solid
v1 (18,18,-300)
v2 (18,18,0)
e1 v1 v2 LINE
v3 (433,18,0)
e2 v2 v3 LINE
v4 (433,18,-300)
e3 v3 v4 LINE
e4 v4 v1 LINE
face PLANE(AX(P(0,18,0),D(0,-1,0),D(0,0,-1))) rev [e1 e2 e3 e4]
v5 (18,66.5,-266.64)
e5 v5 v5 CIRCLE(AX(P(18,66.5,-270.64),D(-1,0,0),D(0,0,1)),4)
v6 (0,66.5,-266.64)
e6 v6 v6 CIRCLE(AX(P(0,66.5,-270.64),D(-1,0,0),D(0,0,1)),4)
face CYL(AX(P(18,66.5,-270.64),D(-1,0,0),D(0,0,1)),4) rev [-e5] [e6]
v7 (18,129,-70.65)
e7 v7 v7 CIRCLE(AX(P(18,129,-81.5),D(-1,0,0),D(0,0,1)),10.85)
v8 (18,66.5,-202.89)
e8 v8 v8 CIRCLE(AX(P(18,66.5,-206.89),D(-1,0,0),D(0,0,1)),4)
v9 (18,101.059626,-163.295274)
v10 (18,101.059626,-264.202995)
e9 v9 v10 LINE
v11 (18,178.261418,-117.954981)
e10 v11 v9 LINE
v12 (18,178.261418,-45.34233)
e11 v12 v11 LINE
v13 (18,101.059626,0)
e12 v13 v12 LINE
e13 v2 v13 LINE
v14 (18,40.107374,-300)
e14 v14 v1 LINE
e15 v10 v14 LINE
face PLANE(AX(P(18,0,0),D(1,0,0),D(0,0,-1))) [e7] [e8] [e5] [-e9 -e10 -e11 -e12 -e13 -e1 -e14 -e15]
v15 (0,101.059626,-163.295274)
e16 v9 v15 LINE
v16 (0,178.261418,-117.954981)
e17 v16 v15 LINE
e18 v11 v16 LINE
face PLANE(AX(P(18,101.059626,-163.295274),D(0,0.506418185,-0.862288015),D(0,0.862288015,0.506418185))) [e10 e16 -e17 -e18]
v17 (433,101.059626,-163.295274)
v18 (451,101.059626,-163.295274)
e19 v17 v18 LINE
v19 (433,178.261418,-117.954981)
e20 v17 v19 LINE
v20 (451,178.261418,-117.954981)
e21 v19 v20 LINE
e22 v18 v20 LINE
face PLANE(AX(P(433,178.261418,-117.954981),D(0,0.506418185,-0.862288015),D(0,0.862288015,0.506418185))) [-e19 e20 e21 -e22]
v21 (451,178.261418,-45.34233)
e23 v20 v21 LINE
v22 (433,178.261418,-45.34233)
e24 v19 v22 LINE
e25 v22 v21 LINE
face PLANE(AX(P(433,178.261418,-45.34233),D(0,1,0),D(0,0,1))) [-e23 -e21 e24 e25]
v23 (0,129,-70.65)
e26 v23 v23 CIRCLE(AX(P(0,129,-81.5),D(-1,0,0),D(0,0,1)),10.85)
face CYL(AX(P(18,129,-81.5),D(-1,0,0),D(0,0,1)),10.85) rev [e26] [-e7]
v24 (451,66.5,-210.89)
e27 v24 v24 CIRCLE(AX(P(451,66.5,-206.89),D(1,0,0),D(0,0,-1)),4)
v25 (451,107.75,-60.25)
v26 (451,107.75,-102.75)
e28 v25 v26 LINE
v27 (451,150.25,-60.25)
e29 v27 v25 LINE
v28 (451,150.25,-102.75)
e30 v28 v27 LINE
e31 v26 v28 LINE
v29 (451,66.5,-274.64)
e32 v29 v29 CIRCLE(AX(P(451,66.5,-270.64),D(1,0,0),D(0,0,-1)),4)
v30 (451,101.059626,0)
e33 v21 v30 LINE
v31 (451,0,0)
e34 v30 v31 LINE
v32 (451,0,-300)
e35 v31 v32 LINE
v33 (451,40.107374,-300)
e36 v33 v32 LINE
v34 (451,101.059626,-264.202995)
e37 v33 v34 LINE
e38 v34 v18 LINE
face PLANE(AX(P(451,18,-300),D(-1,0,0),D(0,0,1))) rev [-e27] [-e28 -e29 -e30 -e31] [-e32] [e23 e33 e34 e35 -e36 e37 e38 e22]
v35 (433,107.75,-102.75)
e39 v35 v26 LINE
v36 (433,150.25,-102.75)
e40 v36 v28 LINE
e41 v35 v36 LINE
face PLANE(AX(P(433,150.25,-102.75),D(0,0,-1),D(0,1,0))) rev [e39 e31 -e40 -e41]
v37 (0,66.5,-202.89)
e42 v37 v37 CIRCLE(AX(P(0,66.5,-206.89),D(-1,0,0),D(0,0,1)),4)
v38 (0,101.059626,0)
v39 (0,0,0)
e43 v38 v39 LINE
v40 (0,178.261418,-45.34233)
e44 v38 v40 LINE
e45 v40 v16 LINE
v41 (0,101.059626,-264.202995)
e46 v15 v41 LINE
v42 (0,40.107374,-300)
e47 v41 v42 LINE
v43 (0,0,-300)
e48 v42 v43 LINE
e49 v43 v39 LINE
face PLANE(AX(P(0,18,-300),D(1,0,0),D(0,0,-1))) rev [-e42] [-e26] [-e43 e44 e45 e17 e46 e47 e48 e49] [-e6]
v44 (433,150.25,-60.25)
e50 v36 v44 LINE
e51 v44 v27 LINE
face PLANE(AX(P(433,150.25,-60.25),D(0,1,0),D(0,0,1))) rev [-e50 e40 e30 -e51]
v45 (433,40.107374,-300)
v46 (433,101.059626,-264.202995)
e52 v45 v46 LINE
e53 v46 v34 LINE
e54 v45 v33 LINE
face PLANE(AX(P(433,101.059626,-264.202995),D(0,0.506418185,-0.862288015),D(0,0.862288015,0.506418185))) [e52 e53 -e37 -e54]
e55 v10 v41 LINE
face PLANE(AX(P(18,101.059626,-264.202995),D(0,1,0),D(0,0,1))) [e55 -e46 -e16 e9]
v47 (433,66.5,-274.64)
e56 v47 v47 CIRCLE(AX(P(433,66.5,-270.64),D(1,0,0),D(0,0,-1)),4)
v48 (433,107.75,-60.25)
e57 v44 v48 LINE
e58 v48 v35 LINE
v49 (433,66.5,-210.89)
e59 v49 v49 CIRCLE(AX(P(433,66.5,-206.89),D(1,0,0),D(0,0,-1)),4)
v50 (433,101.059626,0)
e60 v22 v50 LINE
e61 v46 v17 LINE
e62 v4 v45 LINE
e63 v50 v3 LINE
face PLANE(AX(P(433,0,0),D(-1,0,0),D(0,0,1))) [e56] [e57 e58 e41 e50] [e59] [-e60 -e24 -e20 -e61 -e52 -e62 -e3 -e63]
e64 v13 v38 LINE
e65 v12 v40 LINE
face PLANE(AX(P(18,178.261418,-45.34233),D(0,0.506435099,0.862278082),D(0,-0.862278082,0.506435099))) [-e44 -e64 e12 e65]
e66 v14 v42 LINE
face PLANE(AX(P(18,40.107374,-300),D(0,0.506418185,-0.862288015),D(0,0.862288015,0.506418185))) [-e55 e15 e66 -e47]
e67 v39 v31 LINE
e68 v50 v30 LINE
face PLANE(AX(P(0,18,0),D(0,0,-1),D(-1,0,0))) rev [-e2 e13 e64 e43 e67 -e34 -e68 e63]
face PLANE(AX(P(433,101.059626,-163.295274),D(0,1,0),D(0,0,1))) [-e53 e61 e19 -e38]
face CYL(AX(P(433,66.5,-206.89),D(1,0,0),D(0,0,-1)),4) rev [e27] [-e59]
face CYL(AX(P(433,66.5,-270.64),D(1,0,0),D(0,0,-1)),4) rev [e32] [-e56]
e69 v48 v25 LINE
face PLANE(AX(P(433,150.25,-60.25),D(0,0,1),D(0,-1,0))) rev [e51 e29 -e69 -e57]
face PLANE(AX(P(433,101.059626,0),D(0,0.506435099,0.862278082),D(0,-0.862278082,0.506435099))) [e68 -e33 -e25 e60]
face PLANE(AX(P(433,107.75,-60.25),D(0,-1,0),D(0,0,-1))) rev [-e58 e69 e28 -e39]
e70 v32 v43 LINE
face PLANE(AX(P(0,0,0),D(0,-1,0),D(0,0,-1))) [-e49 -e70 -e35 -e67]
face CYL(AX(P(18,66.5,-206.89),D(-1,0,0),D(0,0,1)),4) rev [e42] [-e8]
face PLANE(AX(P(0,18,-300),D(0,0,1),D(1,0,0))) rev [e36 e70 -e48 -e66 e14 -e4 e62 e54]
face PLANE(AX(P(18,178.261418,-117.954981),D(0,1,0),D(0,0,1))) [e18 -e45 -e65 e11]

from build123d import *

# Parameters (mm, degrees)
SKETCH1_W           = 451
SKETCH1_H           = 300
BOSS_EXTRUDE6_DEPTH = 18
SKETCH4_R           = 4
SKETCH4_W           = 42.5
SKETCH4_H           = 42.5
BOSS_EXTRUDE7_DEPTH = 18
SKETCH5_R           = 10.85
SKETCH5_R_2         = 4
BOSS_EXTRUDE8_DEPTH = 18


with BuildPart() as part:
    # Sketch1 → Boss-Extrude6 (new body)
    with BuildSketch(Plane(origin=(0, 0, 0), x_dir=(1, 0, 0), z_dir=(0, 1, 0))):
        with Locations((225.5, 150)):
            Rectangle(SKETCH1_W, SKETCH1_H)
    extrude(amount=BOSS_EXTRUDE6_DEPTH)

    # Sketch4 → Boss-Extrude7 (add)
    with BuildSketch(Plane(origin=(451, 0, 0), x_dir=(0, 0, -1), z_dir=(1, 0, 0))):
        Polygon((0, 0), (0, 101.059625538), (45.34233012, 178.261418028), (117.954980558, 178.261418028), (163.295274024, 101.059625538), (264.202994821, 101.059625538), (300, 40.107374144), (300, 0), align=None)
        with Locations((206.89, 66.5)):
            Circle(SKETCH4_R, mode=Mode.SUBTRACT)
        with Locations((270.64, 66.5)):
            Circle(SKETCH4_R, mode=Mode.SUBTRACT)
        with Locations((81.5, 129)):
            Rectangle(SKETCH4_W, SKETCH4_H, mode=Mode.SUBTRACT)
    extrude(amount=-BOSS_EXTRUDE7_DEPTH)

    # Sketch5 → Boss-Extrude8 (add)
    with BuildSketch(Plane.ZY):
        Polygon((-300, 0), (-300, 40.107374144), (-264.202994821, 101.059625538), (-163.295274024, 101.059625538), (-117.954980558, 178.261418028), (-45.34233012, 178.261418028), (0, 101.059625538), (0, 0), align=None)
        with Locations((-81.5, 129)):
            Circle(SKETCH5_R, mode=Mode.SUBTRACT)
        with Locations((-270.64, 66.5)):
            Circle(SKETCH5_R_2, mode=Mode.SUBTRACT)
        with Locations((-206.89, 66.5)):
            Circle(SKETCH5_R_2, mode=Mode.SUBTRACT)
    extrude(amount=-BOSS_EXTRUDE8_DEPTH)


solid = part.part
